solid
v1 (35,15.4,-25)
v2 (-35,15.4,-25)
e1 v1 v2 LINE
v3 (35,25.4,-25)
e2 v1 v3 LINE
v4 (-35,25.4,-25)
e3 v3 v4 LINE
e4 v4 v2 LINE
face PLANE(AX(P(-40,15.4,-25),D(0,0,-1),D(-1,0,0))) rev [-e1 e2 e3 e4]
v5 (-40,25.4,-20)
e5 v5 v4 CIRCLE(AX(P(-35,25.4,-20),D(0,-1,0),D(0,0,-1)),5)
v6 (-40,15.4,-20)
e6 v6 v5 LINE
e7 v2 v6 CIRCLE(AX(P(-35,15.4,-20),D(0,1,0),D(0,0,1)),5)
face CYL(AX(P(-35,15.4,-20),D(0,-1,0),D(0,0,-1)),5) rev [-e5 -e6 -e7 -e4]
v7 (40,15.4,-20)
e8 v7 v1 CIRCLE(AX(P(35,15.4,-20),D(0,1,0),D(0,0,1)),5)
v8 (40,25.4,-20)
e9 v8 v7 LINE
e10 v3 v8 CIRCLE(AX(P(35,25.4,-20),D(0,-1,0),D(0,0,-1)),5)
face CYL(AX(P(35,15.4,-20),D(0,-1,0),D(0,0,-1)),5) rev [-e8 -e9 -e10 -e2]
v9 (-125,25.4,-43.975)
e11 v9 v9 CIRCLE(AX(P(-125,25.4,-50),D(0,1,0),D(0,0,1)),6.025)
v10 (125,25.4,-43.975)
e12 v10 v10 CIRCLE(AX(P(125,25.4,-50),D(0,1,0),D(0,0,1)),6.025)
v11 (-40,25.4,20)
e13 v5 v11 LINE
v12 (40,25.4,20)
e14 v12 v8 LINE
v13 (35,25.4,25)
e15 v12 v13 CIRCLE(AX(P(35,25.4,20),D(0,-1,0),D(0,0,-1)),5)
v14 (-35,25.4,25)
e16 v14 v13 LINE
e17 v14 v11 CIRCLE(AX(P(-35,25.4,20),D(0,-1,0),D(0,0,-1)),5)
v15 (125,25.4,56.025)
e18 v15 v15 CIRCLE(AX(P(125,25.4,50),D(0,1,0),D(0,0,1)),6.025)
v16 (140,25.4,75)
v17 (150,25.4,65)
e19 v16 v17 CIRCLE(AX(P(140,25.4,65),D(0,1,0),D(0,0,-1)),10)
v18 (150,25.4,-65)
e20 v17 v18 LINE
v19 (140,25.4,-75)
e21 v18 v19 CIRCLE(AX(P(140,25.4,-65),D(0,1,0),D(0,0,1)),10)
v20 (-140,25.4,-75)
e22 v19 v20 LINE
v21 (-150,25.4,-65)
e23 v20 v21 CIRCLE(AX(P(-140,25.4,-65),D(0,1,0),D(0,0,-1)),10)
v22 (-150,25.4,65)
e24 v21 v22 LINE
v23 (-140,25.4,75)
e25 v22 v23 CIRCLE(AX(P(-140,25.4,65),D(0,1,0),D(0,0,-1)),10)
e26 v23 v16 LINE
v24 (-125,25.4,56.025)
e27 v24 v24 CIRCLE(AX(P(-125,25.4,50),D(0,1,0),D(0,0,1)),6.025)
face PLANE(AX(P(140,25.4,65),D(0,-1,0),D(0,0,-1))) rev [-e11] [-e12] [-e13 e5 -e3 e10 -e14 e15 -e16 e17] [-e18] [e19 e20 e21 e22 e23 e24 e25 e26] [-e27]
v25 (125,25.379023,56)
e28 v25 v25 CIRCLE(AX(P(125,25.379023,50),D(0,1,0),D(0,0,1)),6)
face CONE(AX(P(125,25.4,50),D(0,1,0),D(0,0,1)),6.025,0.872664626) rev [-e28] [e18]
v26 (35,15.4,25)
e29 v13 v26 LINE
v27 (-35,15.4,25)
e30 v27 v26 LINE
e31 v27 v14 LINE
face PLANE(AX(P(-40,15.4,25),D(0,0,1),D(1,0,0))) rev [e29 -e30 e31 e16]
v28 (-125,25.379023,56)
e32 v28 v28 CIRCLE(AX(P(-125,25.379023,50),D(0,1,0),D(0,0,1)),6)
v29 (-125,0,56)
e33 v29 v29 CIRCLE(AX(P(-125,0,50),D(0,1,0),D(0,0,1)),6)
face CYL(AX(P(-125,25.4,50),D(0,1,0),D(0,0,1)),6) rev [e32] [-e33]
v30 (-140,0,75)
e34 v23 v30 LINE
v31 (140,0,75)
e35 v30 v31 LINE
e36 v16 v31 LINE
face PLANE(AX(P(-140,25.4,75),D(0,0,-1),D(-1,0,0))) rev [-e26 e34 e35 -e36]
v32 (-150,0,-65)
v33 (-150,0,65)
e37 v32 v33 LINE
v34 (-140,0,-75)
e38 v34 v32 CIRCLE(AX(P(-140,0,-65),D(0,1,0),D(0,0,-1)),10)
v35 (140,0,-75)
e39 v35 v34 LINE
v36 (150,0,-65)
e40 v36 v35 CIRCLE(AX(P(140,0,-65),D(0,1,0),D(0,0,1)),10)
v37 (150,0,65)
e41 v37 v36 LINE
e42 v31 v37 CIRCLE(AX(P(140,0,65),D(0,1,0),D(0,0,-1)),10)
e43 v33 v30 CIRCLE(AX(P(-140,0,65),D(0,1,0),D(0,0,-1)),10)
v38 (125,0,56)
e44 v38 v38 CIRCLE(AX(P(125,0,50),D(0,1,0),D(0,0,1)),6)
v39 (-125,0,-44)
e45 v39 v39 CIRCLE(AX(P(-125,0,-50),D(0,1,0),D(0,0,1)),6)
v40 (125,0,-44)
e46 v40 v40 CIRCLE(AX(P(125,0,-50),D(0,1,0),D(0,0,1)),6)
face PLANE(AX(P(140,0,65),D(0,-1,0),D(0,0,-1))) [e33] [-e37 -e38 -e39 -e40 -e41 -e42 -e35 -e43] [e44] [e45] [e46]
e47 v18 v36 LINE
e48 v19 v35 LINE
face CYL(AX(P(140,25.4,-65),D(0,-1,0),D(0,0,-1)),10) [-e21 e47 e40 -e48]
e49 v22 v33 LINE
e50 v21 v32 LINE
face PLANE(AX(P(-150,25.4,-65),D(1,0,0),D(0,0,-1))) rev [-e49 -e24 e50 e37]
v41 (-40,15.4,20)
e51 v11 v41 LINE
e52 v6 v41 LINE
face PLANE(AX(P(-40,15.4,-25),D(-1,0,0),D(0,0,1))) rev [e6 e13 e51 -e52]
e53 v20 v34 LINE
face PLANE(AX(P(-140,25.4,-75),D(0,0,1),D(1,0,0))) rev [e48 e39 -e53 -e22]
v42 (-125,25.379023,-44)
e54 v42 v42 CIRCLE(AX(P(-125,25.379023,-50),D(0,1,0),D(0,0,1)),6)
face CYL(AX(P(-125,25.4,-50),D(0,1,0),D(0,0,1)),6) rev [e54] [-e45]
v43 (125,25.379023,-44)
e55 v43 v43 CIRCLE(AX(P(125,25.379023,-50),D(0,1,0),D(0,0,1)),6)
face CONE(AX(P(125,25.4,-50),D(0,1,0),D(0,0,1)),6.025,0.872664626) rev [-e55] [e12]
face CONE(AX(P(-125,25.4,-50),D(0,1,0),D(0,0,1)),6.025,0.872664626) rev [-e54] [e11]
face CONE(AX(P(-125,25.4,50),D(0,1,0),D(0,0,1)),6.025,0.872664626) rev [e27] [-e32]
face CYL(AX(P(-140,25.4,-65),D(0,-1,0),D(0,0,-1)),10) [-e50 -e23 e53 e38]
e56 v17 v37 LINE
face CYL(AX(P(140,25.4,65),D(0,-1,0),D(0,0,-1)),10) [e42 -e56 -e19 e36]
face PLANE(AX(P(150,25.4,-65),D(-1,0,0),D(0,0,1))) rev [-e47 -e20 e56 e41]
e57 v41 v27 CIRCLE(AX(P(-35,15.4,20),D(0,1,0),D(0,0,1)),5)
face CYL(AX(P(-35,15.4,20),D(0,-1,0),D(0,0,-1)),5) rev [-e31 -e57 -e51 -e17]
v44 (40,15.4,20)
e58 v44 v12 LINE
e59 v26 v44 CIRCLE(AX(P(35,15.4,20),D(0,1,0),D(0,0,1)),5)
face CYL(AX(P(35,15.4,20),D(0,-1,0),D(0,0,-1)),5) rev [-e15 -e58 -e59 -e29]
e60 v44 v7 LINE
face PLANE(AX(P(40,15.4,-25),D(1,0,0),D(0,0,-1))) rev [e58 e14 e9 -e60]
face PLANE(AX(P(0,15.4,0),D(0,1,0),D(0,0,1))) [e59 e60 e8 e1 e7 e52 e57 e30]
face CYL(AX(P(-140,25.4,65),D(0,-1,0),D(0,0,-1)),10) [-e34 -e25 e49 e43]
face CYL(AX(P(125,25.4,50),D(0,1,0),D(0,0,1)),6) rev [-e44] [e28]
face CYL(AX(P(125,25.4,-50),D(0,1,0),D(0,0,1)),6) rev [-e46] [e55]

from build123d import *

# Parameters (mm, degrees)
BOSS_EXTRUDE1_DEPTH                  = 25.4
SKETCH4_W                            = 80
SKETCH4_H                            = 50
CUT_EXTRUDE1_DEPTH                   = 10
FILLET1_R                            = 5
F_12_0_12_DIAMETER_HOLE1_D           = 12
F_12_0_12_DIAMETER_HOLE1_CSINK_D     = 12.05
F_12_0_12_DIAMETER_HOLE1_CSINK_ANGLE = 100


with BuildPart() as part:
    # Sketch1 → Boss-Extrude1 (new body)
    with BuildSketch(Plane(origin=(0, 0, 0), x_dir=(1, 0, 0), z_dir=(0, 1, 0))):
        with BuildLine():
            Line((-140, 75), (140, 75))
            ThreePointArc((140, 75), (147.071067812, 72.071067812), (150, 65))
            Line((150, 65), (150, -65))
            ThreePointArc((150, -65), (147.071067812, -72.071067812), (140, -75))
            Line((140, -75), (-140, -75))
            ThreePointArc((-140, -75), (-147.071067812, -72.071067812), (-150, -65))
            Line((-150, -65), (-150, 65))
            ThreePointArc((-150, 65), (-147.071067812, 72.071067812), (-140, 75))
        make_face()
    extrude(amount=BOSS_EXTRUDE1_DEPTH)

    # Sketch4 → Cut-Extrude1 (cut)
    with BuildSketch(Plane(origin=(0, 25.4, 0), x_dir=(1, 0, 0), z_dir=(0, 1, 0))):
        Rectangle(SKETCH4_W, SKETCH4_H)
    extrude(amount=-CUT_EXTRUDE1_DEPTH, mode=Mode.SUBTRACT)

    # Fillet1
    fillet1_edges = [part.edges().sort_by_distance(p)[0] for p in [
        (40, 20.4, -25),
        (40, 20.4, 25),
        (-40, 20.4, 25),
        (-40, 20.4, -25),
    ]]
    fillet(fillet1_edges, radius=FILLET1_R)

    # Ø12.0 (12) Diameter Hole1 (through all)
    with Locations(Plane(origin=(0, 25.4, 0), x_dir=(1, 0, 0), z_dir=(0, 1, 0))):
        with Locations((-125, 50), (125, 50), (125, -50), (-125, -50)):
            CounterSinkHole(F_12_0_12_DIAMETER_HOLE1_D / 2, F_12_0_12_DIAMETER_HOLE1_CSINK_D / 2, counter_sink_angle=F_12_0_12_DIAMETER_HOLE1_CSINK_ANGLE)


solid = part.part
